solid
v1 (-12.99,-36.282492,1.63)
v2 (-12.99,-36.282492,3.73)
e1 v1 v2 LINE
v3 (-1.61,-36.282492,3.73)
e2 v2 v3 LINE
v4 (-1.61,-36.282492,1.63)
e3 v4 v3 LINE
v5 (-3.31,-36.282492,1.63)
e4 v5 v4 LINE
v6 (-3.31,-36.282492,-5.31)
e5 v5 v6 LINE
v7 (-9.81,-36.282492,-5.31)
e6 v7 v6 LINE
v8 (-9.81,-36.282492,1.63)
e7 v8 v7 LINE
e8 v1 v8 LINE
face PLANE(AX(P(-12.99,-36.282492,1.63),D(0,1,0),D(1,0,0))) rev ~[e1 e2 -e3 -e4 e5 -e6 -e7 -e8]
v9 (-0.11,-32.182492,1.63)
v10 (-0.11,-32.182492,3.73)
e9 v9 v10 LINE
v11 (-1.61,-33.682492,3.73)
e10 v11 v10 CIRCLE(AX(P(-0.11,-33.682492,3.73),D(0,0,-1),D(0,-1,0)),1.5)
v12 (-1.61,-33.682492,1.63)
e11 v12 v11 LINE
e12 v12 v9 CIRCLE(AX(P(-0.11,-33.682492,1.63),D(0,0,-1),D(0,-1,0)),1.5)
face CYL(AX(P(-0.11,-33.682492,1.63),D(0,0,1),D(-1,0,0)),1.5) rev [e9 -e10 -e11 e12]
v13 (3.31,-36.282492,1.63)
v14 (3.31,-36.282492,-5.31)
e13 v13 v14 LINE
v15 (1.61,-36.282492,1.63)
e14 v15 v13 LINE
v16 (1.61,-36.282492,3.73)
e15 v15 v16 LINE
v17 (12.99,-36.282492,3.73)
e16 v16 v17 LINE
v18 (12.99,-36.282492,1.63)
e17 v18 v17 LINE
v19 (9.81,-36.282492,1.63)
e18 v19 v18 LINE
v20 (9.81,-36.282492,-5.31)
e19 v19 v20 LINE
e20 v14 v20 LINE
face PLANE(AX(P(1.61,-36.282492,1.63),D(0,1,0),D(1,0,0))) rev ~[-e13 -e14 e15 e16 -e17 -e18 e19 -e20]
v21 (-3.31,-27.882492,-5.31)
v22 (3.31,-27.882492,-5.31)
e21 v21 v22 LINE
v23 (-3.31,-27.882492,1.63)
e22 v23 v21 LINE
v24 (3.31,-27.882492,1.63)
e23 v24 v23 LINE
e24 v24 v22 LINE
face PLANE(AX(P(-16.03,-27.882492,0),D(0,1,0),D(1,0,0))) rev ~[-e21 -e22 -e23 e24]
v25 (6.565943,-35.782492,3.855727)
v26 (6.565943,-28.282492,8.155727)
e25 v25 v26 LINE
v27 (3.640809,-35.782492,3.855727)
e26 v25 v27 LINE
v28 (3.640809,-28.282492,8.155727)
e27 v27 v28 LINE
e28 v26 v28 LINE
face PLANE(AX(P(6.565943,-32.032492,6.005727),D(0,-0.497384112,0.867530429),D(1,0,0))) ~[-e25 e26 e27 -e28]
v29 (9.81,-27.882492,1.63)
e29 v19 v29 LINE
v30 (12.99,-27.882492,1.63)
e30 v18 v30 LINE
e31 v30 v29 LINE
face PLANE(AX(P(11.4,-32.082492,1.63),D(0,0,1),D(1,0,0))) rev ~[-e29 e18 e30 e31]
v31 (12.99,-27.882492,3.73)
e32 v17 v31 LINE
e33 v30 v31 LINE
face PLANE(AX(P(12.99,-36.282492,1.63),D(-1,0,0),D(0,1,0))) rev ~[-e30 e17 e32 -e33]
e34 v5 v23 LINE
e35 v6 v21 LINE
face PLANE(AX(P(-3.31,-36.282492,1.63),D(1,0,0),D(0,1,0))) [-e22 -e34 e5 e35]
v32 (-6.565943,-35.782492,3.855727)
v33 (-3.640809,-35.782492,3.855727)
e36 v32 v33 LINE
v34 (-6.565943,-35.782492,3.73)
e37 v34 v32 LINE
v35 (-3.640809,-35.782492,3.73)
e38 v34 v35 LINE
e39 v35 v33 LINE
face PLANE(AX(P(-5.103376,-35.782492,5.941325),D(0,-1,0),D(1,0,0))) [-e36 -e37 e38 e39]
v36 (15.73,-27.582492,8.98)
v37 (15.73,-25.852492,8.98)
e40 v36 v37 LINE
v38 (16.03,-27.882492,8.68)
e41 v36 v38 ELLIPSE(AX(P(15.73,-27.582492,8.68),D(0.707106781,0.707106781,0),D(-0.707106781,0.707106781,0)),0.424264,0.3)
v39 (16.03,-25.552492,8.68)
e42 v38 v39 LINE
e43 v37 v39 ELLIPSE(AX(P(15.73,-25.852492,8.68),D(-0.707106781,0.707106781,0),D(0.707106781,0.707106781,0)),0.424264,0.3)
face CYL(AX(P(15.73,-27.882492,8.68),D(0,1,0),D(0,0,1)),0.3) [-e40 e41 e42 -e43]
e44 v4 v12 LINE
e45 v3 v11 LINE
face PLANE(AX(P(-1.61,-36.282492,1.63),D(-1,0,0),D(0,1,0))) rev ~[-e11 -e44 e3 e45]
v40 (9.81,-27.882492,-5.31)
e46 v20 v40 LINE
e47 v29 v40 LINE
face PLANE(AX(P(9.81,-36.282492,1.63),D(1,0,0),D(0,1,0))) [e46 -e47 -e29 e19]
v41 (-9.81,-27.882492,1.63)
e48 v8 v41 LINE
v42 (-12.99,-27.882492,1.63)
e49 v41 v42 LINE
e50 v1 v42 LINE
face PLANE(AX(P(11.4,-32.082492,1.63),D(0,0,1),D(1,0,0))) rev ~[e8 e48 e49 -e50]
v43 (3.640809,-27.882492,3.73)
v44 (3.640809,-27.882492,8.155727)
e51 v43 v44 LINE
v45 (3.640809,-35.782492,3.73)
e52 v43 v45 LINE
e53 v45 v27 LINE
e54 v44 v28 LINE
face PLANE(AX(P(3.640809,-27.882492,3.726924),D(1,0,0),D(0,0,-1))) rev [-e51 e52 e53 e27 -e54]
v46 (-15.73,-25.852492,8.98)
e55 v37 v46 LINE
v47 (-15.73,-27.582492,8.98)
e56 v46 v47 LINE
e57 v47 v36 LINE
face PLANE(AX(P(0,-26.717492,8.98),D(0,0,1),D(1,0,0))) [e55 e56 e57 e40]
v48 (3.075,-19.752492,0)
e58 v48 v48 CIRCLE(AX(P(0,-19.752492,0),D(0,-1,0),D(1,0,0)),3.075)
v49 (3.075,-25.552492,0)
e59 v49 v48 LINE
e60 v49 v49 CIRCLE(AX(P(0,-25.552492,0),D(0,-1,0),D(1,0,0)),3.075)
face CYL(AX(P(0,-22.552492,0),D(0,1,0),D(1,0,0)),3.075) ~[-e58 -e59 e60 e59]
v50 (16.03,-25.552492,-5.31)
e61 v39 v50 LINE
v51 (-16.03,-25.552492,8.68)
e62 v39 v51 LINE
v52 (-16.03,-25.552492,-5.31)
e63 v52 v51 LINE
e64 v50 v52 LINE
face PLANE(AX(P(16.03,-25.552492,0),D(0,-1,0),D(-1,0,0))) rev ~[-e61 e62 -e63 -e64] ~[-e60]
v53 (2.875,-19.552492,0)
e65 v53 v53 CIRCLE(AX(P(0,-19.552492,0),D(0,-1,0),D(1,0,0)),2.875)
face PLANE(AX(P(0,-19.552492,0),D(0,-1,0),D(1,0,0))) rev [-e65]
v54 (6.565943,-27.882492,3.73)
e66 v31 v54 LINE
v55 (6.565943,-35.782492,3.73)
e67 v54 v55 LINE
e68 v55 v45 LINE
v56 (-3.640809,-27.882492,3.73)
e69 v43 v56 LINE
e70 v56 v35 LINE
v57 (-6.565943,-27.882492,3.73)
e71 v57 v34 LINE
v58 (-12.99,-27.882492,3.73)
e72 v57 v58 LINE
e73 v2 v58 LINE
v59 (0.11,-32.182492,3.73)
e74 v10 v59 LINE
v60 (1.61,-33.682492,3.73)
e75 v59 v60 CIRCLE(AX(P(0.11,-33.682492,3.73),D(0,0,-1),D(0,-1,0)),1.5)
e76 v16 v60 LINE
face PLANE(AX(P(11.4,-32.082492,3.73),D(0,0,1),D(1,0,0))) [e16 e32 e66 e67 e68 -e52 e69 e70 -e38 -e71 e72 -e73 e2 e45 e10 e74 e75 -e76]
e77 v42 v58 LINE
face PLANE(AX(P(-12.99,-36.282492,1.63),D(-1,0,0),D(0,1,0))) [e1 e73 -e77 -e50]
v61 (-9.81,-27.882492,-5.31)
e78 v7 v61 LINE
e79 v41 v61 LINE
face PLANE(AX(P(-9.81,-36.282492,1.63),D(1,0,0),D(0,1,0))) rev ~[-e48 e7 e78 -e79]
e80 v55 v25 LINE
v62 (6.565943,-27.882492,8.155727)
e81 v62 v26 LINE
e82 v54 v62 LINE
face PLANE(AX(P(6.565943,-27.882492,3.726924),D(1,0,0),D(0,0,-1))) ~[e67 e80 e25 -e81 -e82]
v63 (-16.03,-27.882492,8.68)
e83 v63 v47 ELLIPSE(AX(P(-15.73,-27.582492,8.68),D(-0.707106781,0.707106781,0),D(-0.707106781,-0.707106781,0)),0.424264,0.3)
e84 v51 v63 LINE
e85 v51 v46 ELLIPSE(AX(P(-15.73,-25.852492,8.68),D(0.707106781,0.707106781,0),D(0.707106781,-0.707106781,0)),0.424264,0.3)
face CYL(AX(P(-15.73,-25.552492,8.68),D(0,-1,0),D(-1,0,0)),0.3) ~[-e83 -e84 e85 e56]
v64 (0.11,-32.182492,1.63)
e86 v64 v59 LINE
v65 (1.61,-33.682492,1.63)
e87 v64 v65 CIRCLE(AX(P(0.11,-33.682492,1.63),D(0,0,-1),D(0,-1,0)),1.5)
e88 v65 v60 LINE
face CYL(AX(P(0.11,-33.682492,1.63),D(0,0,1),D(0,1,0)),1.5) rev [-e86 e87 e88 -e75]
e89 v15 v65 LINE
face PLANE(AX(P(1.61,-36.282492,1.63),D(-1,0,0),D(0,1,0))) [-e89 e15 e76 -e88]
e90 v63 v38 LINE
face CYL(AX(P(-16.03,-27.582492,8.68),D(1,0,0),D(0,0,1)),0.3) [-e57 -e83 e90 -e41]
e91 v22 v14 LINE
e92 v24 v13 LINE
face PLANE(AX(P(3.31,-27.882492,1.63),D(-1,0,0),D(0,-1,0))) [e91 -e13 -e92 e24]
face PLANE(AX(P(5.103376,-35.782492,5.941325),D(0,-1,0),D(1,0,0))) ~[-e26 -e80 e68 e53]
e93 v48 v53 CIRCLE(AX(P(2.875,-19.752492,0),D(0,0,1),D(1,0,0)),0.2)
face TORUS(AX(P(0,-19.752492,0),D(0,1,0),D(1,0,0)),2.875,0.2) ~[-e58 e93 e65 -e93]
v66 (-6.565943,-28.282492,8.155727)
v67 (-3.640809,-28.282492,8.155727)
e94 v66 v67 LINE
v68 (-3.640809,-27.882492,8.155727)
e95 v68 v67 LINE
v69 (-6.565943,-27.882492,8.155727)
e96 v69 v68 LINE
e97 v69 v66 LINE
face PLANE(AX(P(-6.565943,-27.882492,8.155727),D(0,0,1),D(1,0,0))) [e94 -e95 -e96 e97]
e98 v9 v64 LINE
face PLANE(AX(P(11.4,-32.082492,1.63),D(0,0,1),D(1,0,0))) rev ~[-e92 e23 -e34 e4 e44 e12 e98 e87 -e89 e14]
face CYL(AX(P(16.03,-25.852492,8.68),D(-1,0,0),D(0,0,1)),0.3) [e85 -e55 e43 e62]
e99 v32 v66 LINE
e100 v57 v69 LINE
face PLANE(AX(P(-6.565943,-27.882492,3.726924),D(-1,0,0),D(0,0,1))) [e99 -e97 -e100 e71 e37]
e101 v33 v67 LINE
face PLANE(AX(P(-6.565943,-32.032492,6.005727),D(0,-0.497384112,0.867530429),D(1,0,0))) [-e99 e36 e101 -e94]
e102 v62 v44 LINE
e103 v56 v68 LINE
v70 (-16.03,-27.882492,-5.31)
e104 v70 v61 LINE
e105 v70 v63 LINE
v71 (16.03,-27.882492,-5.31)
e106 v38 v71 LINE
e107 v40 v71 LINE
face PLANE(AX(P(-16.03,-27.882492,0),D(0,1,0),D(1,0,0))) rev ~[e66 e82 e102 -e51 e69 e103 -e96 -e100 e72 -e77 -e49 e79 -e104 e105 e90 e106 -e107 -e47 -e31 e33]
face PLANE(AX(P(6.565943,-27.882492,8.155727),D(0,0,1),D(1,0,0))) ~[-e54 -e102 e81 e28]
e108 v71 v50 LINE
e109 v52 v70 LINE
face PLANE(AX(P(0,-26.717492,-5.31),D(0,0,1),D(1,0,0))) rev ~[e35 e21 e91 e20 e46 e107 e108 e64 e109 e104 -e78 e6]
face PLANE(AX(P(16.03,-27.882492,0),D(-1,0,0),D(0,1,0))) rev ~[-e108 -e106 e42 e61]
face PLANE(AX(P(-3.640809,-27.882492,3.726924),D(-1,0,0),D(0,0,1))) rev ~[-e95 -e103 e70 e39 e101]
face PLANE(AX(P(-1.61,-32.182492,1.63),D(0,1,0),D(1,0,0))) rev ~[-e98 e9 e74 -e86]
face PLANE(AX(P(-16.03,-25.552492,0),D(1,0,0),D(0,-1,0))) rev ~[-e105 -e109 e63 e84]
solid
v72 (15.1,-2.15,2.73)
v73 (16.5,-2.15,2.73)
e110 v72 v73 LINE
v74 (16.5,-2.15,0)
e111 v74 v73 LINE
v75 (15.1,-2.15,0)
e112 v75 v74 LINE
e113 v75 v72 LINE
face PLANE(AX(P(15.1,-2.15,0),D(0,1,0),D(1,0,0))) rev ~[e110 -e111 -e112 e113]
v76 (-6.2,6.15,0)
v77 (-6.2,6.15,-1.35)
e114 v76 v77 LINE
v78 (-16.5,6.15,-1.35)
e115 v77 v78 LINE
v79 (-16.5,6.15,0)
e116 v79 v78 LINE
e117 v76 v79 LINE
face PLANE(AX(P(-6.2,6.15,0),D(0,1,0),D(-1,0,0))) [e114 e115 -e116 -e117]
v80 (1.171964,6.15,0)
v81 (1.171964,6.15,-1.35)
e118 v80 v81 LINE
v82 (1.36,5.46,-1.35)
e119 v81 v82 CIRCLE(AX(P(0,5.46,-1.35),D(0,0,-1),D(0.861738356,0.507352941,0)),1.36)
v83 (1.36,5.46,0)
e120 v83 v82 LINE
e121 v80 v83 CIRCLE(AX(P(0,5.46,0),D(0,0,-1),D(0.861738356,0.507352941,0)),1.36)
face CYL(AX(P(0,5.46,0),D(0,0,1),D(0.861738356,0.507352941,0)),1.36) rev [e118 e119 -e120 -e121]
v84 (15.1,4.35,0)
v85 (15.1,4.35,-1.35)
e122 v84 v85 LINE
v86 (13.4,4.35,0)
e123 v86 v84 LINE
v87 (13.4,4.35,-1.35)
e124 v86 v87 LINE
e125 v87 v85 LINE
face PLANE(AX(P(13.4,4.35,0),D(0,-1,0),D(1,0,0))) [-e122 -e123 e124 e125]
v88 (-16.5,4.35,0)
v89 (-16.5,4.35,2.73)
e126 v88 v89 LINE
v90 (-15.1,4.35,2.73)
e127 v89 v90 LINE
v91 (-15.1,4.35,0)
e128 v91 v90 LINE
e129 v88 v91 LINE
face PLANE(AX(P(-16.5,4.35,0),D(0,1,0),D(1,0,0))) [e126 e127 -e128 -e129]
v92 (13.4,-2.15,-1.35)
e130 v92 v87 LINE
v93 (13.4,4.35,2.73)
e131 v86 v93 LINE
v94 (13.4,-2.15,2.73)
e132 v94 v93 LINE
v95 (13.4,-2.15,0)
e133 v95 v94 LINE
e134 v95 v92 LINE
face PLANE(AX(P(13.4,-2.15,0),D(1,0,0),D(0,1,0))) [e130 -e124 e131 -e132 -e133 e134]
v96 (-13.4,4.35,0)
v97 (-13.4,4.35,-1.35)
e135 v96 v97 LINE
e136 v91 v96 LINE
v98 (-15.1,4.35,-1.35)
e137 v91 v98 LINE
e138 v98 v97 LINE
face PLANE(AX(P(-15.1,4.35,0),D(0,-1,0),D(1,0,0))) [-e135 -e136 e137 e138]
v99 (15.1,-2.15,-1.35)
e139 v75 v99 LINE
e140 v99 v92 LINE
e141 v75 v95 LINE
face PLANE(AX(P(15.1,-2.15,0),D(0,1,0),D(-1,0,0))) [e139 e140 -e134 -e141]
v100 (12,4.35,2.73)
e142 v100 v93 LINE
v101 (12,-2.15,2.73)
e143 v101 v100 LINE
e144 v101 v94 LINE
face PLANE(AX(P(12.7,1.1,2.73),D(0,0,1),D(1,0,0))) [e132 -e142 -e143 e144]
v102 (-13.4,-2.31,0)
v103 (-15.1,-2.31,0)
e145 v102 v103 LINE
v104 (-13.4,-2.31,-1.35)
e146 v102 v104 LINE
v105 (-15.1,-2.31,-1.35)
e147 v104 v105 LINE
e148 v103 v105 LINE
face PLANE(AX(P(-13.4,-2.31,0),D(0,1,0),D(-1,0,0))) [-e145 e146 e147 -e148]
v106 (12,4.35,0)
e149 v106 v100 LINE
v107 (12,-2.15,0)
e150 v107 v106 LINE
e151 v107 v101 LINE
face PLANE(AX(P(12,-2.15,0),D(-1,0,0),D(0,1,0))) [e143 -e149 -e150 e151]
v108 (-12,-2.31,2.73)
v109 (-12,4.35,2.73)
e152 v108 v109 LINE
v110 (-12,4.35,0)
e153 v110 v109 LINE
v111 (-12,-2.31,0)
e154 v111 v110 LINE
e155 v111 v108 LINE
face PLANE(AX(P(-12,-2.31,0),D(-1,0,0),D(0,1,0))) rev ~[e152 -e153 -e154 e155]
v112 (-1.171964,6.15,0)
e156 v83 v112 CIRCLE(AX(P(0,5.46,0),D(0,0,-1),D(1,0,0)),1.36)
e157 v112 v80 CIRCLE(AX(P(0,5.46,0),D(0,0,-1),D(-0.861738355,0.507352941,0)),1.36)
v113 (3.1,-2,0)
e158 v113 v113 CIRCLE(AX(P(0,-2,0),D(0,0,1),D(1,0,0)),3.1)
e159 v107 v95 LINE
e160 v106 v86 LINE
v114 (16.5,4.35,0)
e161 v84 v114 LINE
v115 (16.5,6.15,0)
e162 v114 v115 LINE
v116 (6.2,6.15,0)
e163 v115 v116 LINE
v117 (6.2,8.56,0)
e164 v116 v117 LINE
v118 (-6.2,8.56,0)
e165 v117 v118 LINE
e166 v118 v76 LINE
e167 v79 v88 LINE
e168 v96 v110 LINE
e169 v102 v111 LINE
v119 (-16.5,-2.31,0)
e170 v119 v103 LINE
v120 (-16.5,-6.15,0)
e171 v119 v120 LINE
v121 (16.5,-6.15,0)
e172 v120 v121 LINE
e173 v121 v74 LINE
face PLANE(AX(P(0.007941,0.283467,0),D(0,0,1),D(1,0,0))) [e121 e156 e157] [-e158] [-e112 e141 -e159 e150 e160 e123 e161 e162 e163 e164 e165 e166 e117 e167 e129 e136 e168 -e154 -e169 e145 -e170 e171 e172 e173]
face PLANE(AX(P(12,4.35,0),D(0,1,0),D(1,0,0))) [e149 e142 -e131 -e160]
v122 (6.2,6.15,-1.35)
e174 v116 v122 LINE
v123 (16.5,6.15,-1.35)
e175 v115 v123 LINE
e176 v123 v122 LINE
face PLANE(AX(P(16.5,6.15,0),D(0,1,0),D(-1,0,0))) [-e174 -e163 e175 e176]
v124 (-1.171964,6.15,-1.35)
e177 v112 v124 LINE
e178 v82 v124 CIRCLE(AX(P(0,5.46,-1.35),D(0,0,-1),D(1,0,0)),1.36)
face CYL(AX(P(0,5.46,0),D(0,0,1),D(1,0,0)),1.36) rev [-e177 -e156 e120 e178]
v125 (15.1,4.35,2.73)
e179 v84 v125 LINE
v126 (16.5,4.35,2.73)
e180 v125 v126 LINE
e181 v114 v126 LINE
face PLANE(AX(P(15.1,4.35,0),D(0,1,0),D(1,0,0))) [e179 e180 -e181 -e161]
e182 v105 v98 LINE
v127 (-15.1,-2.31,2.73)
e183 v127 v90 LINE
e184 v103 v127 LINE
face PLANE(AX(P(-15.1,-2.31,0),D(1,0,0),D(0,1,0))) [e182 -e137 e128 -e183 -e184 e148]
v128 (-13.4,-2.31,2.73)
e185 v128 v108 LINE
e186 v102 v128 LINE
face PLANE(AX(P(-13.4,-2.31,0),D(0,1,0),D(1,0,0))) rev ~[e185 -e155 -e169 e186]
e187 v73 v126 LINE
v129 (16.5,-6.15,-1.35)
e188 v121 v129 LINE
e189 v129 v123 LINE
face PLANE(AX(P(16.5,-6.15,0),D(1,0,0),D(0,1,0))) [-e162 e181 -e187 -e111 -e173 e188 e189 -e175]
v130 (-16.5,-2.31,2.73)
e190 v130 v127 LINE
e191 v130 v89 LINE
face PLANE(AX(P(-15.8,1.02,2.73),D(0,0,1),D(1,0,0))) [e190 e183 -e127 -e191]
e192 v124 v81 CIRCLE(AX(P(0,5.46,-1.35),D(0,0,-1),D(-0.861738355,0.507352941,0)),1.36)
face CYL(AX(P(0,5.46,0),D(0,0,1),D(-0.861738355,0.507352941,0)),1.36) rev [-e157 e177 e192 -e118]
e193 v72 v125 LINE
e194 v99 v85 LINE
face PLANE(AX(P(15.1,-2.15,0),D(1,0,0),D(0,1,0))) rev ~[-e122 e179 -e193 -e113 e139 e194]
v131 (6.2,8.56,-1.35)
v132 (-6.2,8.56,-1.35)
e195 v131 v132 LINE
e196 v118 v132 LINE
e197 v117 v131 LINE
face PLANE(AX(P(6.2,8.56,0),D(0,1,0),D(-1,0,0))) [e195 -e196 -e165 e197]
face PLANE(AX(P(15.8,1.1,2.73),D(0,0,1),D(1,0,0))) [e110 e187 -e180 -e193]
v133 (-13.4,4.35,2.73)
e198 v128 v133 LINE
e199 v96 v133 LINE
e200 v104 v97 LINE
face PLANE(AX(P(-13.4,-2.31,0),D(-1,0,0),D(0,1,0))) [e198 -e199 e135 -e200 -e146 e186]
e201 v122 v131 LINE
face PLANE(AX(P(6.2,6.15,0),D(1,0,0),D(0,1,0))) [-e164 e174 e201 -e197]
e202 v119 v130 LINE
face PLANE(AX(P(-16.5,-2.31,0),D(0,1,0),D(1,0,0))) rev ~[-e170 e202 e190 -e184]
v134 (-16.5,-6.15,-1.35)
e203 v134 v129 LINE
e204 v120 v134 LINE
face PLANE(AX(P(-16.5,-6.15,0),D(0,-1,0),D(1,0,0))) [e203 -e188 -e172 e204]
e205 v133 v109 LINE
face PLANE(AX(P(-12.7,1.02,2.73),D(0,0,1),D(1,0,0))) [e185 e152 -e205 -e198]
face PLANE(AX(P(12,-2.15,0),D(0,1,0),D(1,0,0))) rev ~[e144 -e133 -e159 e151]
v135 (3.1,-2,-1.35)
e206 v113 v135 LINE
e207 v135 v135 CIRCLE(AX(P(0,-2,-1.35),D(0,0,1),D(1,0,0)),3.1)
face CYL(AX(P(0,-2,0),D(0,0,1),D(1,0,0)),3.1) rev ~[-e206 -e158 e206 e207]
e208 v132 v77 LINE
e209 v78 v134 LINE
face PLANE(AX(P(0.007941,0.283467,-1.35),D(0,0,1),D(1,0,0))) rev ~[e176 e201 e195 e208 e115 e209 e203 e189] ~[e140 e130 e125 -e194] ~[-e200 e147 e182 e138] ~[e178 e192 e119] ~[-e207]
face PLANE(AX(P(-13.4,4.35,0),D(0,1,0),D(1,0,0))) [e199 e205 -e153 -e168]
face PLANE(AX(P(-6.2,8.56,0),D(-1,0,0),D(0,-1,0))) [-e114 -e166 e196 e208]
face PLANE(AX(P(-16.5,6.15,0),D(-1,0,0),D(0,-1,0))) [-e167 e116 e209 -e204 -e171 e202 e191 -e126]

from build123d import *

# Parameters (mm, degrees)
F0_R      = 3.1
F0_W      = 1.4
F0_H      = 6.66
F0_H_2    = 6.5
F1_DEPTH  = 1.35
F2_DEPTH  = 2.73
F0_W_2    = 3.075
F0_H_3    = 6
F4_DEPTH  = 5.31
F5_DEPTH  = 8.98
F0_W_3    = 3.18
F0_H_4    = 8.4
F0_W_4    = 3
F0_W_5    = 1.7
F0_H_5    = 4.1
F6_DEPTH  = 2.1
F7_R      = 1.5
F8_DEPTH  = 6.94
F10_W     = 2.9251344968
F10_H     = 4.4288027566
F11_DEPTH = 7.9
F12_SIZE2 = 7.5
F12_SIZE  = 4.3
F14_R     = 0.3
F15_R     = 0.2


with BuildPart() as f1:
    # F0 (on Top) → F1 (new body)
    with BuildSketch(Plane.XY):
        with BuildLine():
            Line((16.5, 4.35), (16.5, 6.15))
            Line((16.5, 6.15), (6.2, 6.15))
            Line((6.2, 6.15), (1.1719641633, 6.15))
            ThreePointArc((1.1719641633, 6.15), (1.3121492411, 5.817581276), (1.36, 5.46))
            ThreePointArc((1.36, 5.46), (-0.357581276, 4.1478507589), (-1.1719641633, 6.15))
            Line((-1.1719641633, 6.15), (-6.2, 6.15))
            Line((-6.2, 6.15), (-16.5, 6.15))
            Line((-16.5, 6.15), (-16.5, 4.35))
            Line((-16.5, 4.35), (-15.1, 4.35))
            Line((-15.1, 4.35), (-13.4, 4.35))
            Line((-13.4, 4.35), (-12, 4.35))
            Line((-12, 4.35), (-12, -2.31))
            Line((-12, -2.31), (-13.4, -2.31))
            Line((-13.4, -2.31), (-15.1, -2.31))
            Line((-15.1, -2.31), (-16.5, -2.31))
            Line((-16.5, -2.31), (-16.5, -6.15))
            Line((-16.5, -6.15), (16.5, -6.15))
            Line((16.5, -6.15), (16.5, -2.15))
            Line((16.5, -2.15), (15.1, -2.15))
            Line((15.1, -2.15), (13.4, -2.15))
            Line((13.4, -2.15), (12, -2.15))
            Line((12, -2.15), (12, 4.35))
            Line((12, 4.35), (13.4, 4.35))
            Line((13.4, 4.35), (15.1, 4.35))
            Line((15.1, 4.35), (16.5, 4.35))
        make_face()
        with Locations((0, -2)):
            Circle(F0_R, mode=Mode.SUBTRACT)
        with Locations((-15.8, 1.02)):
            Rectangle(F0_W, F0_H)
        with Locations((12.7, 1.1)):
            Rectangle(F0_W, F0_H_2)
        with BuildLine():
            Line((1.1719641633, 6.15), (6.2, 6.15))
            Line((6.2, 6.15), (6.2, 8.56))
            Line((6.2, 8.56), (-6.2, 8.56))
            Line((-6.2, 8.56), (-6.2, 6.15))
            Line((-6.2, 6.15), (-1.1719641633, 6.15))
            ThreePointArc((-1.1719641633, 6.15), (0, 6.82), (1.1719641633, 6.15))
        make_face()
        with Locations((15.8, 1.1)):
            Rectangle(F0_W, F0_H_2)
        with Locations((-12.7, 1.02)):
            Rectangle(F0_W, F0_H)
    extrude(amount=-F1_DEPTH)

    # F0 (on Top) → F2 (join)
    with BuildSketch(Plane.XY):
        with Locations((-12.7, 1.02)):
            Rectangle(F0_W, F0_H)
        with Locations((12.7, 1.1)):
            Rectangle(F0_W, F0_H_2)
        with Locations((15.8, 1.1)):
            Rectangle(F0_W, F0_H_2)
        with Locations((-15.8, 1.02)):
            Rectangle(F0_W, F0_H)
    extrude(amount=F2_DEPTH)


with BuildPart() as f3:
    # F0 (on Top) → F3 (revolve)
    with BuildSketch(Plane.XY):
        with Locations((1.5375, -22.552492097)):
            Rectangle(F0_W_2, F0_H_3)
    revolve(axis=Axis((0, -22.552492097, 0), (0, -1, 0)))

    # F0 (on Top) → F4 (join)
    with BuildSketch(Plane.XY):
        Polygon((16.03, -25.552492097), (3.075, -25.552492097), (0, -25.552492097), (-3.075, -25.552492097), (-16.03, -25.552492097), (-16.03, -27.882492097), (-12.99, -27.882492097), (-9.81, -27.882492097), (-6.81, -27.882492097), (-3.31, -27.882492097), (3.31, -27.882492097), (6.81, -27.882492097), (9.81, -27.882492097), (12.99, -27.882492097), (16.03, -27.882492097), align=None)
    extrude(amount=-F4_DEPTH)

    # F0 (on Top) → F5 (join)
    with BuildSketch(Plane.XY):
        Polygon((16.03, -25.552492097), (3.075, -25.552492097), (0, -25.552492097), (-3.075, -25.552492097), (-16.03, -25.552492097), (-16.03, -27.882492097), (-12.99, -27.882492097), (-9.81, -27.882492097), (-6.81, -27.882492097), (-3.31, -27.882492097), (3.31, -27.882492097), (6.81, -27.882492097), (9.81, -27.882492097), (12.99, -27.882492097), (16.03, -27.882492097), align=None)
    extrude(amount=F5_DEPTH)



with BuildPart() as f6:
    # F0 (on Top) → F6 (new body)
    with BuildSketch(Plane.XY):
        with Locations((11.4, -32.082492097)):
            Rectangle(F0_W_3, F0_H_4)
        with Locations((8.31, -32.082492097)):
            Rectangle(F0_W_4, F0_H_4)
        Polygon((6.81, -36.282492097), (6.81, -27.882492097), (3.31, -27.882492097), (3.31, -32.182492097), (3.31, -36.282492097), align=None)
        Polygon((3.31, -32.182492097), (3.31, -27.882492097), (-3.31, -27.882492097), (-3.31, -32.182492097), (-1.61, -32.182492097), (1.61, -32.182492097), align=None)
        with Locations((2.46, -34.232492097)):
            Rectangle(F0_W_5, F0_H_5)
        with Locations((-2.46, -34.232492097)):
            Rectangle(F0_W_5, F0_H_5)
        Polygon((-3.31, -27.882492097), (-6.81, -27.882492097), (-6.81, -36.282492097), (-3.31, -36.282492097), (-3.31, -32.182492097), align=None)
        with Locations((-8.31, -32.082492097)):
            Rectangle(F0_W_4, F0_H_4)
        with Locations((-11.4, -32.082492097)):
            Rectangle(F0_W_3, F0_H_4)
    extrude(amount=F6_DEPTH)

    # F7
    f7_edges = [f6.edges().sort_by_distance(p)[0] for p in [
        (1.61, -32.182492, 1.05),
        (-1.61, -32.182492, 1.05),
    ]]
    fillet(f7_edges, radius=F7_R)


with BuildPart() as f8:
    # F0 (on Top) → F8 (new body)
    with BuildSketch(Plane.XY):
        with Locations((-8.31, -32.082492097)):
            Rectangle(F0_W_4, F0_H_4)
        Polygon((-3.31, -27.882492097), (-6.81, -27.882492097), (-6.81, -36.282492097), (-3.31, -36.282492097), (-3.31, -32.182492097), align=None)
    extrude(amount=-F8_DEPTH)


with BuildPart() as f8b:
    # F0 (on Top) → F8, piece 2 (new body)
    with BuildSketch(Plane.XY):
        Polygon((6.81, -36.282492097), (6.81, -27.882492097), (3.31, -27.882492097), (3.31, -32.182492097), (3.31, -36.282492097), align=None)
        with Locations((8.31, -32.082492097)):
            Rectangle(F0_W_4, F0_H_4)
    extrude(amount=-F8_DEPTH)


with BuildPart() as f6_1:
    # F9: moved
    add(f6.part.moved(Location((0, 0, 1.63))))


with BuildPart() as f8_1:
    # F9: moved
    add(f8.part.moved(Location((0, 0, 1.63))))


with BuildPart() as f8b_1:
    # F9: moved
    add(f8b.part.moved(Location((0, 0, 1.63))))


with BuildPart() as f3_1:
    add(f3.part)

    add(f6_1.part)  # F11 merges F6
    # F10 (on face) → F11 (join)
    with BuildSketch(Plane.XZ.offset(27.882492097)):
        with Locations((-5.1033761119, 5.9413254494)):
            Rectangle(F10_W, F10_H)
    extrude(amount=F11_DEPTH)

    # F12
    f12_edges = [f3_1.edges().sort_by_distance(p)[0] for p in [
        (-5.103376, -35.782492, 8.155727),
    ]]
    f12_side = f3_1.faces().sort_by_distance((-5.103376, -35.782492, 5.942863))[0]
    chamfer(f12_edges, length=F12_SIZE, length2=F12_SIZE2, reference=f12_side)



with BuildPart() as f3_2:
    add(f3_1.part)

    add(f8_1.part)  # F13 merges F8

    add(f8b_1.part)  # F13 merges F8b
    # F13: F3 across plane
    add(f3_1.part.mirror(Plane.YZ))

    # F14
    f14_edges = [f3_2.edges().sort_by_distance(p)[0] for p in [
        (-16.03, -26.717492, 8.98),
        (16.03, -26.717492, 8.98),
        (0, -27.882492, 8.98),
        (0, -25.552492, 8.98),
    ]]
    fillet(f14_edges, radius=F14_R)

    # F15
    f15_edges = [f3_2.edges().sort_by_distance(p)[0] for p in [
        (-3.075, -19.552492, 0),
    ]]
    fillet(f15_edges, radius=F15_R)


solid = Compound([f1.part, f3_2.part])
